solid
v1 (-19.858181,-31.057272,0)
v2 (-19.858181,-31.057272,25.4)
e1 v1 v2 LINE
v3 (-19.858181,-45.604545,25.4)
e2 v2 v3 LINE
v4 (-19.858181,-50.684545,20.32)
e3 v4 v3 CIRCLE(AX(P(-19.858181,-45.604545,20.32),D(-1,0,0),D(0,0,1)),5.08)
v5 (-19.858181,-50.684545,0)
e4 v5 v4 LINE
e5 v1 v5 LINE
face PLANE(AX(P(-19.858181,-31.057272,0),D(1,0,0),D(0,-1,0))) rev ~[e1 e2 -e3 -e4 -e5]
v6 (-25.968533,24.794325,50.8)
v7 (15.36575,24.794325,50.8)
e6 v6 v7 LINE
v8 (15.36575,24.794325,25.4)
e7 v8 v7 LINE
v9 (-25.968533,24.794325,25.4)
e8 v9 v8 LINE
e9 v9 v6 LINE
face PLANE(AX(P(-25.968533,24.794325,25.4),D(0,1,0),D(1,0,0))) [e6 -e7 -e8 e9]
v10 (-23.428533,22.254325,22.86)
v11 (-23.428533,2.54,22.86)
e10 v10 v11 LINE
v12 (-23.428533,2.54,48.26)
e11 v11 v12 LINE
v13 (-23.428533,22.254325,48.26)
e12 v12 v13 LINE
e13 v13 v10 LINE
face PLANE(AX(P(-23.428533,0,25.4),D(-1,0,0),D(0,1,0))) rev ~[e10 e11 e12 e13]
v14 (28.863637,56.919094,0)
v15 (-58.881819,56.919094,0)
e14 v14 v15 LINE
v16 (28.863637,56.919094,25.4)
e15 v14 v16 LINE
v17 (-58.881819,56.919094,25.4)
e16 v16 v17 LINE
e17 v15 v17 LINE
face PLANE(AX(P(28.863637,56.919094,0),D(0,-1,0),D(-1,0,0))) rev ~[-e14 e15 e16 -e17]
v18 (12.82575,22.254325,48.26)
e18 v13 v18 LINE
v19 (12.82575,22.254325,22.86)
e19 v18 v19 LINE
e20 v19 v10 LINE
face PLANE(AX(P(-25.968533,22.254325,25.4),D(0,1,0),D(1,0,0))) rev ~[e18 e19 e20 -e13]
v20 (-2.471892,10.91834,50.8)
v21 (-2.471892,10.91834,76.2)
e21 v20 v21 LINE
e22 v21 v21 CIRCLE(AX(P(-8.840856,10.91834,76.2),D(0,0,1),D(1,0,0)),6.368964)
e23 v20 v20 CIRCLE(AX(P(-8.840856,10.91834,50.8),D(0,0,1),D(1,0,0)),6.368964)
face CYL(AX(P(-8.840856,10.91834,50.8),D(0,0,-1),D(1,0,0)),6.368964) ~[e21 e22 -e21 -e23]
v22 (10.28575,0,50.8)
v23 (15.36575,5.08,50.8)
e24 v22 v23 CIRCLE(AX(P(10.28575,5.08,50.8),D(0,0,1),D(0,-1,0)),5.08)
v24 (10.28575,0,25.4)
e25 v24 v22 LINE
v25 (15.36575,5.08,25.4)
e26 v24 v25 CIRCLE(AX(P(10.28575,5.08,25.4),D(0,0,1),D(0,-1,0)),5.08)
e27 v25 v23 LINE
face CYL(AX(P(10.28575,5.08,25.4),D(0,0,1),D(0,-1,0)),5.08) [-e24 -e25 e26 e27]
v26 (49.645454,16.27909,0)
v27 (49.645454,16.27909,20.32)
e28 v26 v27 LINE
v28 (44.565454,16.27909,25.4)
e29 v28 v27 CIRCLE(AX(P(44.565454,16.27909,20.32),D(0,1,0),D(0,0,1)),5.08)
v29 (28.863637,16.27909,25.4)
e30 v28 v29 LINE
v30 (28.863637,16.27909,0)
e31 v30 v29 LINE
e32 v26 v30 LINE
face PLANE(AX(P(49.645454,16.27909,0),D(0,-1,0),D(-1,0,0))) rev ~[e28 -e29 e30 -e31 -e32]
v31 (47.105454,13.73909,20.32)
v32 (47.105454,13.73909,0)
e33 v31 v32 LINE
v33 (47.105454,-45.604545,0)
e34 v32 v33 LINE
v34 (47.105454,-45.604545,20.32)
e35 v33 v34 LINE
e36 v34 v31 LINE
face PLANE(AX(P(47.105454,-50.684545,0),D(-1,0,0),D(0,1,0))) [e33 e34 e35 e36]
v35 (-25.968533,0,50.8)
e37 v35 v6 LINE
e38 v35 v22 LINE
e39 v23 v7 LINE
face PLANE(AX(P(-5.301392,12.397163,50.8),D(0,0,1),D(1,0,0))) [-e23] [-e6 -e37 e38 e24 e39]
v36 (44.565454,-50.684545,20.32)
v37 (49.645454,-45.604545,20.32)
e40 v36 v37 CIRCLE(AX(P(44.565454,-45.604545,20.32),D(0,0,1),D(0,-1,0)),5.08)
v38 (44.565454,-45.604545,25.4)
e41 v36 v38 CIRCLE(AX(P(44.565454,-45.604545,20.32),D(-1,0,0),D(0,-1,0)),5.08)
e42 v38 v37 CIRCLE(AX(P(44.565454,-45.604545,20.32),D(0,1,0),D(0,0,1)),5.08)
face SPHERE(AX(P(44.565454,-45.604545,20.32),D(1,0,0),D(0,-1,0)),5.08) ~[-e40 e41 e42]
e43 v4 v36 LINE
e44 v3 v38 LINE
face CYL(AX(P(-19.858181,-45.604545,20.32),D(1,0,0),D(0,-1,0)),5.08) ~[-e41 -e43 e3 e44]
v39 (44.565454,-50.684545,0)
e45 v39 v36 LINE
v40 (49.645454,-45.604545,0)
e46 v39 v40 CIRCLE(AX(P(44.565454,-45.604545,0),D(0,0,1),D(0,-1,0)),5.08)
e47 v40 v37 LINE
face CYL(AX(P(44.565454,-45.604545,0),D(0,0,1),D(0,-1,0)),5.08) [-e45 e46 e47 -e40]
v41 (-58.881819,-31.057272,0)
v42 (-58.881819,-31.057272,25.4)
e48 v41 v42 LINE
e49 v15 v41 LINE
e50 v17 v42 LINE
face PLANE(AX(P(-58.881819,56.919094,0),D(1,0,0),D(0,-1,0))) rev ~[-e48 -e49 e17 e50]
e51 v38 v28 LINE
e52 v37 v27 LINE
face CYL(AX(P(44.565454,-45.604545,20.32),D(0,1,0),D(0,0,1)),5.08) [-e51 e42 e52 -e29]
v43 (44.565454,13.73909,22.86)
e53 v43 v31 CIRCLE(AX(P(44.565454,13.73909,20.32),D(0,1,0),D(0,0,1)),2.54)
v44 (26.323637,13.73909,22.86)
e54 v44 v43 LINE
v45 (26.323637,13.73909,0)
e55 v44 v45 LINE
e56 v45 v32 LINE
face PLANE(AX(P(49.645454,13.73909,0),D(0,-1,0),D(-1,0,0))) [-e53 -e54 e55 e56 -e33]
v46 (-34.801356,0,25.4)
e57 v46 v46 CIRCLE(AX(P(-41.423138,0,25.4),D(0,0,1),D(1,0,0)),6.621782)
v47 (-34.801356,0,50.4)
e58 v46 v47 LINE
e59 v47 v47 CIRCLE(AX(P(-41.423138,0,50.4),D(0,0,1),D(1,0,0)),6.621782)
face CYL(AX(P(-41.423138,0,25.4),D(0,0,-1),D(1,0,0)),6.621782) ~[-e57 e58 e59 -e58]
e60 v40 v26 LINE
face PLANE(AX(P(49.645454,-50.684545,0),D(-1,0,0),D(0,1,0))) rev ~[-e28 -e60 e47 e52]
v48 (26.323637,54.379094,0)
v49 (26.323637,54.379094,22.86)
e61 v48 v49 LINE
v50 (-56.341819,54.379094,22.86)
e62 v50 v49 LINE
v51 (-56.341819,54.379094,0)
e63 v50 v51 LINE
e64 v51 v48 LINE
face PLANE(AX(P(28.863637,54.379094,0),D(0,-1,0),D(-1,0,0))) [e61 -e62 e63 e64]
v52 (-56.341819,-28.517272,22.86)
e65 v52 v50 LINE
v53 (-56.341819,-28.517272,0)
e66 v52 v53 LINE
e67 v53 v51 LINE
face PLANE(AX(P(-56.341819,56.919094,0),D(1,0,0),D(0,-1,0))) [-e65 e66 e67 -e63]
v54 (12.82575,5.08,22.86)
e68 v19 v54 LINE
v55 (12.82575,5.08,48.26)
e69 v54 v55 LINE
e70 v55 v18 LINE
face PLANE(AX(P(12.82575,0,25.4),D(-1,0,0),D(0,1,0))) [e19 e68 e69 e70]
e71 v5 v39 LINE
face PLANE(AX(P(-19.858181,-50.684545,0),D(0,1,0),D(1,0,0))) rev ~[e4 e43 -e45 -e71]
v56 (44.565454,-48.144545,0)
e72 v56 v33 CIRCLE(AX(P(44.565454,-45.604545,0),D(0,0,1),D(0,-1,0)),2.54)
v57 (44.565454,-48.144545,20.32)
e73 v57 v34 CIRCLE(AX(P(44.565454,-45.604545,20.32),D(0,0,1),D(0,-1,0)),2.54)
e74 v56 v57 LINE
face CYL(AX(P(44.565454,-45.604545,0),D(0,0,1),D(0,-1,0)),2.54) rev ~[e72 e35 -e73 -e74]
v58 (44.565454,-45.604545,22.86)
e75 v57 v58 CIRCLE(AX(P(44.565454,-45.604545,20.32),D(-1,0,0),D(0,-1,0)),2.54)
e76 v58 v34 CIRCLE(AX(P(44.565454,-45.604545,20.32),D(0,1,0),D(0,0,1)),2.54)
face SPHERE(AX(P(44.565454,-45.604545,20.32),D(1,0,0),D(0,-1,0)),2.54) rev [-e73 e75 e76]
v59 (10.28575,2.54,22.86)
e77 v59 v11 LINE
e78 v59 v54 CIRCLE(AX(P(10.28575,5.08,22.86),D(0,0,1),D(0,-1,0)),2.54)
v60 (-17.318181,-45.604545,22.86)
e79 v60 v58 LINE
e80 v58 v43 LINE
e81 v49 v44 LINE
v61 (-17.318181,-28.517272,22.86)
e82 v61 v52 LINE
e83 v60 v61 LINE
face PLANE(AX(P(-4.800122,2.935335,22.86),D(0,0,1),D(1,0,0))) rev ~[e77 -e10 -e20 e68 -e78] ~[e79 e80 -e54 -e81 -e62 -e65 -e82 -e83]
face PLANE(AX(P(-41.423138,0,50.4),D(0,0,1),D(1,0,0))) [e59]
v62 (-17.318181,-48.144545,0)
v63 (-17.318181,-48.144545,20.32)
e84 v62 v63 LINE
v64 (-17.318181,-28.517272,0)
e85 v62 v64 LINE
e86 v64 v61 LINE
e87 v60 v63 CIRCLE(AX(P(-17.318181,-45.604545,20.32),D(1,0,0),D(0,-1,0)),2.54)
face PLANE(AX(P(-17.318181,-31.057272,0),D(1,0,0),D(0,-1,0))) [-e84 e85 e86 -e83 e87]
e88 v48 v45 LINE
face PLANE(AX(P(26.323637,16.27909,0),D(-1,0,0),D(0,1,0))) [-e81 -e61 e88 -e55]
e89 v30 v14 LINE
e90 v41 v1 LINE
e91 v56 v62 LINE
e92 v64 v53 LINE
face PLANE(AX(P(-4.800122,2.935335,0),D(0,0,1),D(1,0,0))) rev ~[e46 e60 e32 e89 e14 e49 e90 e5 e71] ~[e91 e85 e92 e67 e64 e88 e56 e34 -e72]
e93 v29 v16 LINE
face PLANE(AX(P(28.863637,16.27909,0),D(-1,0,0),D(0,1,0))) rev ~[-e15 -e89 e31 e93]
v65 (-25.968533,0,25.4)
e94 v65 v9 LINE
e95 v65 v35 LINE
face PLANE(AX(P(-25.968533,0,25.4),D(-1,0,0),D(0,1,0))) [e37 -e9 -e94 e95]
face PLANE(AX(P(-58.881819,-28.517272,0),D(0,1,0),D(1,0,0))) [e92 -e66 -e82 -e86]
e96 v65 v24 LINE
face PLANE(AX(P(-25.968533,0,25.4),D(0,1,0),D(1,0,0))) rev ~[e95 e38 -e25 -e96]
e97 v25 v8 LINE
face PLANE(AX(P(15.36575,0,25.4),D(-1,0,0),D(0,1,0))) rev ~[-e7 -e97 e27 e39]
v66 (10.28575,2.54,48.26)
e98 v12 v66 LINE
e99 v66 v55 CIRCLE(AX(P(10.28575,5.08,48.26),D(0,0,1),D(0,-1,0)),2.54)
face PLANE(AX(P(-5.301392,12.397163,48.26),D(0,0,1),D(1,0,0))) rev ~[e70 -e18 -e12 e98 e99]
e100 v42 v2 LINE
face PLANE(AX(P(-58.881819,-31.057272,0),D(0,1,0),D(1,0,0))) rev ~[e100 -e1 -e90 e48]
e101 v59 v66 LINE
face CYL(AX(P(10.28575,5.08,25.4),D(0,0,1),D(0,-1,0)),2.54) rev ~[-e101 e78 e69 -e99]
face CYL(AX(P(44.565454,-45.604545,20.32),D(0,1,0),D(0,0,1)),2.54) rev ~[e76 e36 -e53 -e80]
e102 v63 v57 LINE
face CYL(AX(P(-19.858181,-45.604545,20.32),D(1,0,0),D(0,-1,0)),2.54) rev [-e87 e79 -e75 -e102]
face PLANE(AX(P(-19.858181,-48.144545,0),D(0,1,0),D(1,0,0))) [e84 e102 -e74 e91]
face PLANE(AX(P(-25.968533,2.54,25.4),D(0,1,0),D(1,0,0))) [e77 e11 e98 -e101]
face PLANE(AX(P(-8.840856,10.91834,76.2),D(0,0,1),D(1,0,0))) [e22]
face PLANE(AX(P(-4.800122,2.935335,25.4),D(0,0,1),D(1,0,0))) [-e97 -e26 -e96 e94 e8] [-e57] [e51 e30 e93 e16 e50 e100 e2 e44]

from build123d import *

# Parameters (mm, degrees)
F1_DEPTH  = 25.4
F2_R      = 5.08
F3_R      = 5.08
F4_W      = 41.3342826068
F4_H      = 24.7943252325
F5_DEPTH  = 25.4
F6_R      = 5.08
F7_T      = -2.54
F8_R      = 6.3689638983
F9_DEPTH  = 25.4
F10_R     = 6.6217822458
F11_DEPTH = 25


with BuildPart() as f1:
    # F0 (on Top) → F1 (new body)
    with BuildSketch(Plane.XY):
        Polygon((28.8636367768, 56.9190941751), (-58.8818192482, 56.9190941751), (-58.8818192482, -31.0572721064), (-19.8581814766, -31.0572721064), (-19.8581814766, -50.6845451891), (49.6454536915, -50.6845451891), (49.6454536915, 16.2790901959), (28.8636367768, 16.2790901959), align=None)
    extrude(amount=F1_DEPTH)

    # F2
    f2_edges = [f1.edges().sort_by_distance(p)[0] for p in [
        (14.893636, -50.684545, 25.4),
    ]]
    fillet(f2_edges, radius=F2_R)

    # F3
    f3_edges = [f1.edges().sort_by_distance(p)[0] for p in [
        (49.645454, -14.662727, 25.4),
    ]]
    fillet(f3_edges, radius=F3_R)

    # F4 (on face) → F5 (join)
    with BuildSketch(Plane.XY.offset(25.4)):
        with Locations((-5.3013917059, 12.3971626163)):
            Rectangle(F4_W, F4_H)
    extrude(amount=F5_DEPTH)

    # F6
    f6_edges = [f1.edges().sort_by_distance(p)[0] for p in [
        (15.36575, 0, 38.1),
    ]]
    fillet(f6_edges, radius=F6_R)

    # F7
    f7_openings = [f1.faces().sort_by_distance(p)[0] for p in [
        (-5.684641, 3.684325, 0),
    ]]
    offset(amount=F7_T, openings=f7_openings, kind=Kind.INTERSECTION)

    # F8 (on face) → F9 (join)
    with BuildSketch(Plane.XY.offset(50.8)):
        with Locations((-8.8408561423, 10.9183397144)):
            Circle(F8_R)
    extrude(amount=F9_DEPTH)

    # F10 (on face) → F11 (join)
    with BuildSketch(Plane.XY.offset(25.4)):
        with Locations((-41.423138231, 0)):
            Circle(F10_R)
    extrude(amount=F11_DEPTH)


solid = f1.part
